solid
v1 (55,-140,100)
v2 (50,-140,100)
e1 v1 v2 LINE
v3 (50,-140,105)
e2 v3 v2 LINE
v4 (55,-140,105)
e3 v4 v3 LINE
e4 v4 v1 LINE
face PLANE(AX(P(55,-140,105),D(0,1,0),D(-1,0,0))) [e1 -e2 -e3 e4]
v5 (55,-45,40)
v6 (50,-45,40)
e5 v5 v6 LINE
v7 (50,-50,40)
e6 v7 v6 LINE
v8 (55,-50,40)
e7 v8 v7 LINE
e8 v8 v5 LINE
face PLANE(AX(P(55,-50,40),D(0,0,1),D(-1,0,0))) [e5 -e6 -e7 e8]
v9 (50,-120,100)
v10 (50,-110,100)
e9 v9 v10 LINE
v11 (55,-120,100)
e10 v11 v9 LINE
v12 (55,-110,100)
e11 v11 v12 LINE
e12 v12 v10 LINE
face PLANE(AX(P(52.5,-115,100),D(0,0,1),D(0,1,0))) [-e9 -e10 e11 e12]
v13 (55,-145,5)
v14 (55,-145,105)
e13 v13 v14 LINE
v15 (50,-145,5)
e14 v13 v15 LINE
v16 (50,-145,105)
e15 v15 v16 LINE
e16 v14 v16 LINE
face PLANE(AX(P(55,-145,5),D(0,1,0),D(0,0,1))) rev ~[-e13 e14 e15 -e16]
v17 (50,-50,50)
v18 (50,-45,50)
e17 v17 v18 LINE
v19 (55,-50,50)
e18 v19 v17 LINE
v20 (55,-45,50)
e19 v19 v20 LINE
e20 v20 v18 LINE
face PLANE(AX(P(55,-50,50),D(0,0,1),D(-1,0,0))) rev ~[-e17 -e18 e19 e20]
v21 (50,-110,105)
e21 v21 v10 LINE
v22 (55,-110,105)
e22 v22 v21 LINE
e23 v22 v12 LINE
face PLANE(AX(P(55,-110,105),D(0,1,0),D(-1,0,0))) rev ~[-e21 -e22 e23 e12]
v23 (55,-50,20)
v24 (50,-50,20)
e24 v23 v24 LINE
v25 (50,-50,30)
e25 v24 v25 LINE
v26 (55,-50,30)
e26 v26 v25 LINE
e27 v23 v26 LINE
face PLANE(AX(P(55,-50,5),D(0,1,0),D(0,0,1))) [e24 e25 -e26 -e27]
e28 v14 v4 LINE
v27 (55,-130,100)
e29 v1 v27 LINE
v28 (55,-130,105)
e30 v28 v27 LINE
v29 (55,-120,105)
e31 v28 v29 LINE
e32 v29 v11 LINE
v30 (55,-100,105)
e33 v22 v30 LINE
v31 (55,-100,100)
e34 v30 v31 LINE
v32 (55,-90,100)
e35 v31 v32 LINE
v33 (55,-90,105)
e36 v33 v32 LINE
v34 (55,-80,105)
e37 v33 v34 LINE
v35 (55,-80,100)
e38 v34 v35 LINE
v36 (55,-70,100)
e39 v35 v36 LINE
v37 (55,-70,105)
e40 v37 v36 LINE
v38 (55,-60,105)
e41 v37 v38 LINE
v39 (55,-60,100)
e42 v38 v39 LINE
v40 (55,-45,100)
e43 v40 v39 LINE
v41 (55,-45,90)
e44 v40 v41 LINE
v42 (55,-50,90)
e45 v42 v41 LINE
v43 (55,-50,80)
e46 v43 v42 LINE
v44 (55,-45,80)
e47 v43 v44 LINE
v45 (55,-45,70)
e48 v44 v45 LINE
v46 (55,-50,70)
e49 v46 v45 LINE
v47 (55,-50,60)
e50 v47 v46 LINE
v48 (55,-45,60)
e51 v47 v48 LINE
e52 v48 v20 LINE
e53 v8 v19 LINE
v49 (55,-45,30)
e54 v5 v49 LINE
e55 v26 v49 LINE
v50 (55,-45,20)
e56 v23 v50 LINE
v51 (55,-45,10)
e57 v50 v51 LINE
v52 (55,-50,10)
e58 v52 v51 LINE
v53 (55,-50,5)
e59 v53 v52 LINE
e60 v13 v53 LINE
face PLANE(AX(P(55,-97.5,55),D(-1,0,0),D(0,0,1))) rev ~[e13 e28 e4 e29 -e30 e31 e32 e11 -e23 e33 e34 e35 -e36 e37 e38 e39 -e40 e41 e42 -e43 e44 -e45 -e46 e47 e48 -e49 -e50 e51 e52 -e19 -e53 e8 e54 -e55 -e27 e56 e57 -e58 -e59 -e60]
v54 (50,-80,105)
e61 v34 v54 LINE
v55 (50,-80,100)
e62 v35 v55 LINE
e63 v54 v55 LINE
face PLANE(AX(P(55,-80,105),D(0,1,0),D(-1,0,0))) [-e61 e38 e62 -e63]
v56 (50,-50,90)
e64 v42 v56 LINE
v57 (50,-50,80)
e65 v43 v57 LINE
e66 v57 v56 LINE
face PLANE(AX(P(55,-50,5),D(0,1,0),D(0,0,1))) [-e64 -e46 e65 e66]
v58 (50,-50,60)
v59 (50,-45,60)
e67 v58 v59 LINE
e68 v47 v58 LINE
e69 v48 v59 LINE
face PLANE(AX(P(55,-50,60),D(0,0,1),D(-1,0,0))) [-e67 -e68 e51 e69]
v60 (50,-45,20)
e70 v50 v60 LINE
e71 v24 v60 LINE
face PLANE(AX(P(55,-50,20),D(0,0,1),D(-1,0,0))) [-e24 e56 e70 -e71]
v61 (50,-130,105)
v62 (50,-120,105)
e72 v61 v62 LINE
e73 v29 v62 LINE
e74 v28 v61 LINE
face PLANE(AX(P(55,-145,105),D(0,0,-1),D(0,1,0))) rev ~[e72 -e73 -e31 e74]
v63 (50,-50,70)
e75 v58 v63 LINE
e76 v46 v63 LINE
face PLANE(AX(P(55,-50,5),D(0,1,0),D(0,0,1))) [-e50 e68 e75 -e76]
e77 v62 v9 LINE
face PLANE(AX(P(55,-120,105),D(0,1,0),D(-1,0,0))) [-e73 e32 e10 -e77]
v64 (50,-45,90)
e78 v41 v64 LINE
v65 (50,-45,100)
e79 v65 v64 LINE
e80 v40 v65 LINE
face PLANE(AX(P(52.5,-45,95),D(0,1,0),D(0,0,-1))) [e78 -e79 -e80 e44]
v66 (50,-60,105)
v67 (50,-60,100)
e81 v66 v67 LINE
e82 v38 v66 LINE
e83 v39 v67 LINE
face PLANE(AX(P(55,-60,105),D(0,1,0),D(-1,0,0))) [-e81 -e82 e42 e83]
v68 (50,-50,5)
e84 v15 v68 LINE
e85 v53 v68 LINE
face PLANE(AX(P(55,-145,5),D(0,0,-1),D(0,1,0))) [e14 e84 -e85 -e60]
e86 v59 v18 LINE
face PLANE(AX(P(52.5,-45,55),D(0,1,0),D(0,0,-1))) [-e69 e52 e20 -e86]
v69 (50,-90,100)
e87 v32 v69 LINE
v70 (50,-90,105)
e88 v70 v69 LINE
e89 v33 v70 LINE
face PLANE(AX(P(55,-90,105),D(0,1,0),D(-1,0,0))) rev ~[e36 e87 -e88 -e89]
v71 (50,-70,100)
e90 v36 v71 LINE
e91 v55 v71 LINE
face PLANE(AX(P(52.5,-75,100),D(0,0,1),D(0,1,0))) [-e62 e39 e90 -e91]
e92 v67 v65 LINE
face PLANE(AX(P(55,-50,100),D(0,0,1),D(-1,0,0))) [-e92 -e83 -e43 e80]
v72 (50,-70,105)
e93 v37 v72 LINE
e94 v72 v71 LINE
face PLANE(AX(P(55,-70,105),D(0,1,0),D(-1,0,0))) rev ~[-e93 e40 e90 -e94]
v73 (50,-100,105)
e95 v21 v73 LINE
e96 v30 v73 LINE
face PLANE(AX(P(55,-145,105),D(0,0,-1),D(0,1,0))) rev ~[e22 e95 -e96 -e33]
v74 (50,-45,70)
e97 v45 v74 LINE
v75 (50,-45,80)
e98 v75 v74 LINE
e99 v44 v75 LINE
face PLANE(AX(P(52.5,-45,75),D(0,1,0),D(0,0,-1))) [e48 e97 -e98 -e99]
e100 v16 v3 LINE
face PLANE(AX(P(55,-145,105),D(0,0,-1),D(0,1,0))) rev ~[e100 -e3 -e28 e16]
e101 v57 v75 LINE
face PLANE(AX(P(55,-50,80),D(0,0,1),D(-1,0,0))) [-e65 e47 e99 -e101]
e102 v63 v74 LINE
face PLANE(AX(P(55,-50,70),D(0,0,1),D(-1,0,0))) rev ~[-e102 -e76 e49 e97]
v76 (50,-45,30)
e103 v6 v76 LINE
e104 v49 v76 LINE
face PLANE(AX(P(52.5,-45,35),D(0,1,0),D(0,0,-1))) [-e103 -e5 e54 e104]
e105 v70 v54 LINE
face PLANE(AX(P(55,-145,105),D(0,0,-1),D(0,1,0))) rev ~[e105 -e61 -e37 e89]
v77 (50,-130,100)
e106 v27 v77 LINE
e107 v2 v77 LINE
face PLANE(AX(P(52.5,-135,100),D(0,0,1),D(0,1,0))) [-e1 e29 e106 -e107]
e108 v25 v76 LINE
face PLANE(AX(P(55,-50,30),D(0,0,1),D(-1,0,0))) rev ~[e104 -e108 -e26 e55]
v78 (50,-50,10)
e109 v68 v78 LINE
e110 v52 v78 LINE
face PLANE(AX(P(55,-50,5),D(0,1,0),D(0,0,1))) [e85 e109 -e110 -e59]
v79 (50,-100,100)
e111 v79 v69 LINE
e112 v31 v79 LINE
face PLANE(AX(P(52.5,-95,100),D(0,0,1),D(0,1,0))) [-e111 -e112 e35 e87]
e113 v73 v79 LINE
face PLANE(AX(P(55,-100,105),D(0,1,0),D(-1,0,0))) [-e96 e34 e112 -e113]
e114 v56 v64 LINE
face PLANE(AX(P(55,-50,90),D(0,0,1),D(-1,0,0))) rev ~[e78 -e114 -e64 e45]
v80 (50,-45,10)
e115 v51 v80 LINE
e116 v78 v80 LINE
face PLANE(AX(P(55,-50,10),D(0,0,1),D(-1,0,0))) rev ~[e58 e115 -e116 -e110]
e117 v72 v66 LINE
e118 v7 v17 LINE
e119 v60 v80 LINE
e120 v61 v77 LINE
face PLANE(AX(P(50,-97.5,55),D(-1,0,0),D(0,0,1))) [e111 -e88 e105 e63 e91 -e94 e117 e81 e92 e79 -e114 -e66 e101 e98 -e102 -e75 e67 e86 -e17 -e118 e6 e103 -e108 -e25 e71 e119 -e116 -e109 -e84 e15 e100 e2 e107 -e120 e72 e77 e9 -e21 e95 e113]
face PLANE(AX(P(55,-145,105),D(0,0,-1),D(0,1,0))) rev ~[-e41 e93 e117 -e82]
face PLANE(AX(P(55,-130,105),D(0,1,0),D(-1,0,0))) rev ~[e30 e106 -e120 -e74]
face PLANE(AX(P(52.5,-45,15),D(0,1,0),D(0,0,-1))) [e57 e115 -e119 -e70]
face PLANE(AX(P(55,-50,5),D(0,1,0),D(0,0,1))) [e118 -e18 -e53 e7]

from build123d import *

# Parameters (mm, degrees)
SKETCH092_W             = 100
SKETCH092_H             = 95
PAD051_DEPTH            = 5
SKETCH115_W             = 10
SKETCH115_H             = 5
PAD071_DEPTH            = 5
LINEARPATTERN067_COUNT  = 5
LINEARPATTERN067_PITCH  = 20
SKETCH116_W             = 10
SKETCH116_H             = 5
POCKET027_DEPTH         = 5
LINEARPATTERN068_COUNT  = 5
LINEARPATTERN068_PITCH  = 20
BODY036_PLACEMENT_ANGLE = 90


with BuildPart() as part:
    # Sketch092 → Pad051 (new body)
    with BuildSketch(Plane.XY):
        Rectangle(SKETCH092_W, SKETCH092_H)
    extrude(amount=PAD051_DEPTH)

    # Sketch115 (on DatumPlane) → Pad071 (join)
    with BuildSketch(Plane(origin=(0, 47.5, 0), x_dir=(-1, 0, 0), z_dir=(0, 1, 0))):
        with Locations((-40, 2.5)):
            Rectangle(SKETCH115_W, SKETCH115_H)
    pad071 = extrude(amount=PAD071_DEPTH)

    # LinearPattern067: Pad071 ×5
    with Locations(*[(-i * LINEARPATTERN067_PITCH, 0, 0) for i in range(1, LINEARPATTERN067_COUNT)]):
        add(pad071)

    # Sketch116 (on DatumPlane) → Pocket027 (cut)
    with BuildSketch(Plane.YZ.offset(50)):
        with Locations((-37.5, 2.5)):
            Rectangle(SKETCH116_W, SKETCH116_H)
    pocket027 = extrude(amount=-POCKET027_DEPTH, mode=Mode.SUBTRACT)

    # LinearPattern068: Pocket027 ×5
    with Locations(*[(0, i * LINEARPATTERN068_PITCH, 0) for i in range(1, LINEARPATTERN068_COUNT)]):
        add(pocket027, mode=Mode.SUBTRACT)


with BuildPart() as part_1:
    # Body036 placement: moved
    add(part.part.moved(Location((55, -97.5, 55))).rotate(Axis((55, -97.5, 55), (0, -1, 0)), BODY036_PLACEMENT_ANGLE))


solid = part_1.part
